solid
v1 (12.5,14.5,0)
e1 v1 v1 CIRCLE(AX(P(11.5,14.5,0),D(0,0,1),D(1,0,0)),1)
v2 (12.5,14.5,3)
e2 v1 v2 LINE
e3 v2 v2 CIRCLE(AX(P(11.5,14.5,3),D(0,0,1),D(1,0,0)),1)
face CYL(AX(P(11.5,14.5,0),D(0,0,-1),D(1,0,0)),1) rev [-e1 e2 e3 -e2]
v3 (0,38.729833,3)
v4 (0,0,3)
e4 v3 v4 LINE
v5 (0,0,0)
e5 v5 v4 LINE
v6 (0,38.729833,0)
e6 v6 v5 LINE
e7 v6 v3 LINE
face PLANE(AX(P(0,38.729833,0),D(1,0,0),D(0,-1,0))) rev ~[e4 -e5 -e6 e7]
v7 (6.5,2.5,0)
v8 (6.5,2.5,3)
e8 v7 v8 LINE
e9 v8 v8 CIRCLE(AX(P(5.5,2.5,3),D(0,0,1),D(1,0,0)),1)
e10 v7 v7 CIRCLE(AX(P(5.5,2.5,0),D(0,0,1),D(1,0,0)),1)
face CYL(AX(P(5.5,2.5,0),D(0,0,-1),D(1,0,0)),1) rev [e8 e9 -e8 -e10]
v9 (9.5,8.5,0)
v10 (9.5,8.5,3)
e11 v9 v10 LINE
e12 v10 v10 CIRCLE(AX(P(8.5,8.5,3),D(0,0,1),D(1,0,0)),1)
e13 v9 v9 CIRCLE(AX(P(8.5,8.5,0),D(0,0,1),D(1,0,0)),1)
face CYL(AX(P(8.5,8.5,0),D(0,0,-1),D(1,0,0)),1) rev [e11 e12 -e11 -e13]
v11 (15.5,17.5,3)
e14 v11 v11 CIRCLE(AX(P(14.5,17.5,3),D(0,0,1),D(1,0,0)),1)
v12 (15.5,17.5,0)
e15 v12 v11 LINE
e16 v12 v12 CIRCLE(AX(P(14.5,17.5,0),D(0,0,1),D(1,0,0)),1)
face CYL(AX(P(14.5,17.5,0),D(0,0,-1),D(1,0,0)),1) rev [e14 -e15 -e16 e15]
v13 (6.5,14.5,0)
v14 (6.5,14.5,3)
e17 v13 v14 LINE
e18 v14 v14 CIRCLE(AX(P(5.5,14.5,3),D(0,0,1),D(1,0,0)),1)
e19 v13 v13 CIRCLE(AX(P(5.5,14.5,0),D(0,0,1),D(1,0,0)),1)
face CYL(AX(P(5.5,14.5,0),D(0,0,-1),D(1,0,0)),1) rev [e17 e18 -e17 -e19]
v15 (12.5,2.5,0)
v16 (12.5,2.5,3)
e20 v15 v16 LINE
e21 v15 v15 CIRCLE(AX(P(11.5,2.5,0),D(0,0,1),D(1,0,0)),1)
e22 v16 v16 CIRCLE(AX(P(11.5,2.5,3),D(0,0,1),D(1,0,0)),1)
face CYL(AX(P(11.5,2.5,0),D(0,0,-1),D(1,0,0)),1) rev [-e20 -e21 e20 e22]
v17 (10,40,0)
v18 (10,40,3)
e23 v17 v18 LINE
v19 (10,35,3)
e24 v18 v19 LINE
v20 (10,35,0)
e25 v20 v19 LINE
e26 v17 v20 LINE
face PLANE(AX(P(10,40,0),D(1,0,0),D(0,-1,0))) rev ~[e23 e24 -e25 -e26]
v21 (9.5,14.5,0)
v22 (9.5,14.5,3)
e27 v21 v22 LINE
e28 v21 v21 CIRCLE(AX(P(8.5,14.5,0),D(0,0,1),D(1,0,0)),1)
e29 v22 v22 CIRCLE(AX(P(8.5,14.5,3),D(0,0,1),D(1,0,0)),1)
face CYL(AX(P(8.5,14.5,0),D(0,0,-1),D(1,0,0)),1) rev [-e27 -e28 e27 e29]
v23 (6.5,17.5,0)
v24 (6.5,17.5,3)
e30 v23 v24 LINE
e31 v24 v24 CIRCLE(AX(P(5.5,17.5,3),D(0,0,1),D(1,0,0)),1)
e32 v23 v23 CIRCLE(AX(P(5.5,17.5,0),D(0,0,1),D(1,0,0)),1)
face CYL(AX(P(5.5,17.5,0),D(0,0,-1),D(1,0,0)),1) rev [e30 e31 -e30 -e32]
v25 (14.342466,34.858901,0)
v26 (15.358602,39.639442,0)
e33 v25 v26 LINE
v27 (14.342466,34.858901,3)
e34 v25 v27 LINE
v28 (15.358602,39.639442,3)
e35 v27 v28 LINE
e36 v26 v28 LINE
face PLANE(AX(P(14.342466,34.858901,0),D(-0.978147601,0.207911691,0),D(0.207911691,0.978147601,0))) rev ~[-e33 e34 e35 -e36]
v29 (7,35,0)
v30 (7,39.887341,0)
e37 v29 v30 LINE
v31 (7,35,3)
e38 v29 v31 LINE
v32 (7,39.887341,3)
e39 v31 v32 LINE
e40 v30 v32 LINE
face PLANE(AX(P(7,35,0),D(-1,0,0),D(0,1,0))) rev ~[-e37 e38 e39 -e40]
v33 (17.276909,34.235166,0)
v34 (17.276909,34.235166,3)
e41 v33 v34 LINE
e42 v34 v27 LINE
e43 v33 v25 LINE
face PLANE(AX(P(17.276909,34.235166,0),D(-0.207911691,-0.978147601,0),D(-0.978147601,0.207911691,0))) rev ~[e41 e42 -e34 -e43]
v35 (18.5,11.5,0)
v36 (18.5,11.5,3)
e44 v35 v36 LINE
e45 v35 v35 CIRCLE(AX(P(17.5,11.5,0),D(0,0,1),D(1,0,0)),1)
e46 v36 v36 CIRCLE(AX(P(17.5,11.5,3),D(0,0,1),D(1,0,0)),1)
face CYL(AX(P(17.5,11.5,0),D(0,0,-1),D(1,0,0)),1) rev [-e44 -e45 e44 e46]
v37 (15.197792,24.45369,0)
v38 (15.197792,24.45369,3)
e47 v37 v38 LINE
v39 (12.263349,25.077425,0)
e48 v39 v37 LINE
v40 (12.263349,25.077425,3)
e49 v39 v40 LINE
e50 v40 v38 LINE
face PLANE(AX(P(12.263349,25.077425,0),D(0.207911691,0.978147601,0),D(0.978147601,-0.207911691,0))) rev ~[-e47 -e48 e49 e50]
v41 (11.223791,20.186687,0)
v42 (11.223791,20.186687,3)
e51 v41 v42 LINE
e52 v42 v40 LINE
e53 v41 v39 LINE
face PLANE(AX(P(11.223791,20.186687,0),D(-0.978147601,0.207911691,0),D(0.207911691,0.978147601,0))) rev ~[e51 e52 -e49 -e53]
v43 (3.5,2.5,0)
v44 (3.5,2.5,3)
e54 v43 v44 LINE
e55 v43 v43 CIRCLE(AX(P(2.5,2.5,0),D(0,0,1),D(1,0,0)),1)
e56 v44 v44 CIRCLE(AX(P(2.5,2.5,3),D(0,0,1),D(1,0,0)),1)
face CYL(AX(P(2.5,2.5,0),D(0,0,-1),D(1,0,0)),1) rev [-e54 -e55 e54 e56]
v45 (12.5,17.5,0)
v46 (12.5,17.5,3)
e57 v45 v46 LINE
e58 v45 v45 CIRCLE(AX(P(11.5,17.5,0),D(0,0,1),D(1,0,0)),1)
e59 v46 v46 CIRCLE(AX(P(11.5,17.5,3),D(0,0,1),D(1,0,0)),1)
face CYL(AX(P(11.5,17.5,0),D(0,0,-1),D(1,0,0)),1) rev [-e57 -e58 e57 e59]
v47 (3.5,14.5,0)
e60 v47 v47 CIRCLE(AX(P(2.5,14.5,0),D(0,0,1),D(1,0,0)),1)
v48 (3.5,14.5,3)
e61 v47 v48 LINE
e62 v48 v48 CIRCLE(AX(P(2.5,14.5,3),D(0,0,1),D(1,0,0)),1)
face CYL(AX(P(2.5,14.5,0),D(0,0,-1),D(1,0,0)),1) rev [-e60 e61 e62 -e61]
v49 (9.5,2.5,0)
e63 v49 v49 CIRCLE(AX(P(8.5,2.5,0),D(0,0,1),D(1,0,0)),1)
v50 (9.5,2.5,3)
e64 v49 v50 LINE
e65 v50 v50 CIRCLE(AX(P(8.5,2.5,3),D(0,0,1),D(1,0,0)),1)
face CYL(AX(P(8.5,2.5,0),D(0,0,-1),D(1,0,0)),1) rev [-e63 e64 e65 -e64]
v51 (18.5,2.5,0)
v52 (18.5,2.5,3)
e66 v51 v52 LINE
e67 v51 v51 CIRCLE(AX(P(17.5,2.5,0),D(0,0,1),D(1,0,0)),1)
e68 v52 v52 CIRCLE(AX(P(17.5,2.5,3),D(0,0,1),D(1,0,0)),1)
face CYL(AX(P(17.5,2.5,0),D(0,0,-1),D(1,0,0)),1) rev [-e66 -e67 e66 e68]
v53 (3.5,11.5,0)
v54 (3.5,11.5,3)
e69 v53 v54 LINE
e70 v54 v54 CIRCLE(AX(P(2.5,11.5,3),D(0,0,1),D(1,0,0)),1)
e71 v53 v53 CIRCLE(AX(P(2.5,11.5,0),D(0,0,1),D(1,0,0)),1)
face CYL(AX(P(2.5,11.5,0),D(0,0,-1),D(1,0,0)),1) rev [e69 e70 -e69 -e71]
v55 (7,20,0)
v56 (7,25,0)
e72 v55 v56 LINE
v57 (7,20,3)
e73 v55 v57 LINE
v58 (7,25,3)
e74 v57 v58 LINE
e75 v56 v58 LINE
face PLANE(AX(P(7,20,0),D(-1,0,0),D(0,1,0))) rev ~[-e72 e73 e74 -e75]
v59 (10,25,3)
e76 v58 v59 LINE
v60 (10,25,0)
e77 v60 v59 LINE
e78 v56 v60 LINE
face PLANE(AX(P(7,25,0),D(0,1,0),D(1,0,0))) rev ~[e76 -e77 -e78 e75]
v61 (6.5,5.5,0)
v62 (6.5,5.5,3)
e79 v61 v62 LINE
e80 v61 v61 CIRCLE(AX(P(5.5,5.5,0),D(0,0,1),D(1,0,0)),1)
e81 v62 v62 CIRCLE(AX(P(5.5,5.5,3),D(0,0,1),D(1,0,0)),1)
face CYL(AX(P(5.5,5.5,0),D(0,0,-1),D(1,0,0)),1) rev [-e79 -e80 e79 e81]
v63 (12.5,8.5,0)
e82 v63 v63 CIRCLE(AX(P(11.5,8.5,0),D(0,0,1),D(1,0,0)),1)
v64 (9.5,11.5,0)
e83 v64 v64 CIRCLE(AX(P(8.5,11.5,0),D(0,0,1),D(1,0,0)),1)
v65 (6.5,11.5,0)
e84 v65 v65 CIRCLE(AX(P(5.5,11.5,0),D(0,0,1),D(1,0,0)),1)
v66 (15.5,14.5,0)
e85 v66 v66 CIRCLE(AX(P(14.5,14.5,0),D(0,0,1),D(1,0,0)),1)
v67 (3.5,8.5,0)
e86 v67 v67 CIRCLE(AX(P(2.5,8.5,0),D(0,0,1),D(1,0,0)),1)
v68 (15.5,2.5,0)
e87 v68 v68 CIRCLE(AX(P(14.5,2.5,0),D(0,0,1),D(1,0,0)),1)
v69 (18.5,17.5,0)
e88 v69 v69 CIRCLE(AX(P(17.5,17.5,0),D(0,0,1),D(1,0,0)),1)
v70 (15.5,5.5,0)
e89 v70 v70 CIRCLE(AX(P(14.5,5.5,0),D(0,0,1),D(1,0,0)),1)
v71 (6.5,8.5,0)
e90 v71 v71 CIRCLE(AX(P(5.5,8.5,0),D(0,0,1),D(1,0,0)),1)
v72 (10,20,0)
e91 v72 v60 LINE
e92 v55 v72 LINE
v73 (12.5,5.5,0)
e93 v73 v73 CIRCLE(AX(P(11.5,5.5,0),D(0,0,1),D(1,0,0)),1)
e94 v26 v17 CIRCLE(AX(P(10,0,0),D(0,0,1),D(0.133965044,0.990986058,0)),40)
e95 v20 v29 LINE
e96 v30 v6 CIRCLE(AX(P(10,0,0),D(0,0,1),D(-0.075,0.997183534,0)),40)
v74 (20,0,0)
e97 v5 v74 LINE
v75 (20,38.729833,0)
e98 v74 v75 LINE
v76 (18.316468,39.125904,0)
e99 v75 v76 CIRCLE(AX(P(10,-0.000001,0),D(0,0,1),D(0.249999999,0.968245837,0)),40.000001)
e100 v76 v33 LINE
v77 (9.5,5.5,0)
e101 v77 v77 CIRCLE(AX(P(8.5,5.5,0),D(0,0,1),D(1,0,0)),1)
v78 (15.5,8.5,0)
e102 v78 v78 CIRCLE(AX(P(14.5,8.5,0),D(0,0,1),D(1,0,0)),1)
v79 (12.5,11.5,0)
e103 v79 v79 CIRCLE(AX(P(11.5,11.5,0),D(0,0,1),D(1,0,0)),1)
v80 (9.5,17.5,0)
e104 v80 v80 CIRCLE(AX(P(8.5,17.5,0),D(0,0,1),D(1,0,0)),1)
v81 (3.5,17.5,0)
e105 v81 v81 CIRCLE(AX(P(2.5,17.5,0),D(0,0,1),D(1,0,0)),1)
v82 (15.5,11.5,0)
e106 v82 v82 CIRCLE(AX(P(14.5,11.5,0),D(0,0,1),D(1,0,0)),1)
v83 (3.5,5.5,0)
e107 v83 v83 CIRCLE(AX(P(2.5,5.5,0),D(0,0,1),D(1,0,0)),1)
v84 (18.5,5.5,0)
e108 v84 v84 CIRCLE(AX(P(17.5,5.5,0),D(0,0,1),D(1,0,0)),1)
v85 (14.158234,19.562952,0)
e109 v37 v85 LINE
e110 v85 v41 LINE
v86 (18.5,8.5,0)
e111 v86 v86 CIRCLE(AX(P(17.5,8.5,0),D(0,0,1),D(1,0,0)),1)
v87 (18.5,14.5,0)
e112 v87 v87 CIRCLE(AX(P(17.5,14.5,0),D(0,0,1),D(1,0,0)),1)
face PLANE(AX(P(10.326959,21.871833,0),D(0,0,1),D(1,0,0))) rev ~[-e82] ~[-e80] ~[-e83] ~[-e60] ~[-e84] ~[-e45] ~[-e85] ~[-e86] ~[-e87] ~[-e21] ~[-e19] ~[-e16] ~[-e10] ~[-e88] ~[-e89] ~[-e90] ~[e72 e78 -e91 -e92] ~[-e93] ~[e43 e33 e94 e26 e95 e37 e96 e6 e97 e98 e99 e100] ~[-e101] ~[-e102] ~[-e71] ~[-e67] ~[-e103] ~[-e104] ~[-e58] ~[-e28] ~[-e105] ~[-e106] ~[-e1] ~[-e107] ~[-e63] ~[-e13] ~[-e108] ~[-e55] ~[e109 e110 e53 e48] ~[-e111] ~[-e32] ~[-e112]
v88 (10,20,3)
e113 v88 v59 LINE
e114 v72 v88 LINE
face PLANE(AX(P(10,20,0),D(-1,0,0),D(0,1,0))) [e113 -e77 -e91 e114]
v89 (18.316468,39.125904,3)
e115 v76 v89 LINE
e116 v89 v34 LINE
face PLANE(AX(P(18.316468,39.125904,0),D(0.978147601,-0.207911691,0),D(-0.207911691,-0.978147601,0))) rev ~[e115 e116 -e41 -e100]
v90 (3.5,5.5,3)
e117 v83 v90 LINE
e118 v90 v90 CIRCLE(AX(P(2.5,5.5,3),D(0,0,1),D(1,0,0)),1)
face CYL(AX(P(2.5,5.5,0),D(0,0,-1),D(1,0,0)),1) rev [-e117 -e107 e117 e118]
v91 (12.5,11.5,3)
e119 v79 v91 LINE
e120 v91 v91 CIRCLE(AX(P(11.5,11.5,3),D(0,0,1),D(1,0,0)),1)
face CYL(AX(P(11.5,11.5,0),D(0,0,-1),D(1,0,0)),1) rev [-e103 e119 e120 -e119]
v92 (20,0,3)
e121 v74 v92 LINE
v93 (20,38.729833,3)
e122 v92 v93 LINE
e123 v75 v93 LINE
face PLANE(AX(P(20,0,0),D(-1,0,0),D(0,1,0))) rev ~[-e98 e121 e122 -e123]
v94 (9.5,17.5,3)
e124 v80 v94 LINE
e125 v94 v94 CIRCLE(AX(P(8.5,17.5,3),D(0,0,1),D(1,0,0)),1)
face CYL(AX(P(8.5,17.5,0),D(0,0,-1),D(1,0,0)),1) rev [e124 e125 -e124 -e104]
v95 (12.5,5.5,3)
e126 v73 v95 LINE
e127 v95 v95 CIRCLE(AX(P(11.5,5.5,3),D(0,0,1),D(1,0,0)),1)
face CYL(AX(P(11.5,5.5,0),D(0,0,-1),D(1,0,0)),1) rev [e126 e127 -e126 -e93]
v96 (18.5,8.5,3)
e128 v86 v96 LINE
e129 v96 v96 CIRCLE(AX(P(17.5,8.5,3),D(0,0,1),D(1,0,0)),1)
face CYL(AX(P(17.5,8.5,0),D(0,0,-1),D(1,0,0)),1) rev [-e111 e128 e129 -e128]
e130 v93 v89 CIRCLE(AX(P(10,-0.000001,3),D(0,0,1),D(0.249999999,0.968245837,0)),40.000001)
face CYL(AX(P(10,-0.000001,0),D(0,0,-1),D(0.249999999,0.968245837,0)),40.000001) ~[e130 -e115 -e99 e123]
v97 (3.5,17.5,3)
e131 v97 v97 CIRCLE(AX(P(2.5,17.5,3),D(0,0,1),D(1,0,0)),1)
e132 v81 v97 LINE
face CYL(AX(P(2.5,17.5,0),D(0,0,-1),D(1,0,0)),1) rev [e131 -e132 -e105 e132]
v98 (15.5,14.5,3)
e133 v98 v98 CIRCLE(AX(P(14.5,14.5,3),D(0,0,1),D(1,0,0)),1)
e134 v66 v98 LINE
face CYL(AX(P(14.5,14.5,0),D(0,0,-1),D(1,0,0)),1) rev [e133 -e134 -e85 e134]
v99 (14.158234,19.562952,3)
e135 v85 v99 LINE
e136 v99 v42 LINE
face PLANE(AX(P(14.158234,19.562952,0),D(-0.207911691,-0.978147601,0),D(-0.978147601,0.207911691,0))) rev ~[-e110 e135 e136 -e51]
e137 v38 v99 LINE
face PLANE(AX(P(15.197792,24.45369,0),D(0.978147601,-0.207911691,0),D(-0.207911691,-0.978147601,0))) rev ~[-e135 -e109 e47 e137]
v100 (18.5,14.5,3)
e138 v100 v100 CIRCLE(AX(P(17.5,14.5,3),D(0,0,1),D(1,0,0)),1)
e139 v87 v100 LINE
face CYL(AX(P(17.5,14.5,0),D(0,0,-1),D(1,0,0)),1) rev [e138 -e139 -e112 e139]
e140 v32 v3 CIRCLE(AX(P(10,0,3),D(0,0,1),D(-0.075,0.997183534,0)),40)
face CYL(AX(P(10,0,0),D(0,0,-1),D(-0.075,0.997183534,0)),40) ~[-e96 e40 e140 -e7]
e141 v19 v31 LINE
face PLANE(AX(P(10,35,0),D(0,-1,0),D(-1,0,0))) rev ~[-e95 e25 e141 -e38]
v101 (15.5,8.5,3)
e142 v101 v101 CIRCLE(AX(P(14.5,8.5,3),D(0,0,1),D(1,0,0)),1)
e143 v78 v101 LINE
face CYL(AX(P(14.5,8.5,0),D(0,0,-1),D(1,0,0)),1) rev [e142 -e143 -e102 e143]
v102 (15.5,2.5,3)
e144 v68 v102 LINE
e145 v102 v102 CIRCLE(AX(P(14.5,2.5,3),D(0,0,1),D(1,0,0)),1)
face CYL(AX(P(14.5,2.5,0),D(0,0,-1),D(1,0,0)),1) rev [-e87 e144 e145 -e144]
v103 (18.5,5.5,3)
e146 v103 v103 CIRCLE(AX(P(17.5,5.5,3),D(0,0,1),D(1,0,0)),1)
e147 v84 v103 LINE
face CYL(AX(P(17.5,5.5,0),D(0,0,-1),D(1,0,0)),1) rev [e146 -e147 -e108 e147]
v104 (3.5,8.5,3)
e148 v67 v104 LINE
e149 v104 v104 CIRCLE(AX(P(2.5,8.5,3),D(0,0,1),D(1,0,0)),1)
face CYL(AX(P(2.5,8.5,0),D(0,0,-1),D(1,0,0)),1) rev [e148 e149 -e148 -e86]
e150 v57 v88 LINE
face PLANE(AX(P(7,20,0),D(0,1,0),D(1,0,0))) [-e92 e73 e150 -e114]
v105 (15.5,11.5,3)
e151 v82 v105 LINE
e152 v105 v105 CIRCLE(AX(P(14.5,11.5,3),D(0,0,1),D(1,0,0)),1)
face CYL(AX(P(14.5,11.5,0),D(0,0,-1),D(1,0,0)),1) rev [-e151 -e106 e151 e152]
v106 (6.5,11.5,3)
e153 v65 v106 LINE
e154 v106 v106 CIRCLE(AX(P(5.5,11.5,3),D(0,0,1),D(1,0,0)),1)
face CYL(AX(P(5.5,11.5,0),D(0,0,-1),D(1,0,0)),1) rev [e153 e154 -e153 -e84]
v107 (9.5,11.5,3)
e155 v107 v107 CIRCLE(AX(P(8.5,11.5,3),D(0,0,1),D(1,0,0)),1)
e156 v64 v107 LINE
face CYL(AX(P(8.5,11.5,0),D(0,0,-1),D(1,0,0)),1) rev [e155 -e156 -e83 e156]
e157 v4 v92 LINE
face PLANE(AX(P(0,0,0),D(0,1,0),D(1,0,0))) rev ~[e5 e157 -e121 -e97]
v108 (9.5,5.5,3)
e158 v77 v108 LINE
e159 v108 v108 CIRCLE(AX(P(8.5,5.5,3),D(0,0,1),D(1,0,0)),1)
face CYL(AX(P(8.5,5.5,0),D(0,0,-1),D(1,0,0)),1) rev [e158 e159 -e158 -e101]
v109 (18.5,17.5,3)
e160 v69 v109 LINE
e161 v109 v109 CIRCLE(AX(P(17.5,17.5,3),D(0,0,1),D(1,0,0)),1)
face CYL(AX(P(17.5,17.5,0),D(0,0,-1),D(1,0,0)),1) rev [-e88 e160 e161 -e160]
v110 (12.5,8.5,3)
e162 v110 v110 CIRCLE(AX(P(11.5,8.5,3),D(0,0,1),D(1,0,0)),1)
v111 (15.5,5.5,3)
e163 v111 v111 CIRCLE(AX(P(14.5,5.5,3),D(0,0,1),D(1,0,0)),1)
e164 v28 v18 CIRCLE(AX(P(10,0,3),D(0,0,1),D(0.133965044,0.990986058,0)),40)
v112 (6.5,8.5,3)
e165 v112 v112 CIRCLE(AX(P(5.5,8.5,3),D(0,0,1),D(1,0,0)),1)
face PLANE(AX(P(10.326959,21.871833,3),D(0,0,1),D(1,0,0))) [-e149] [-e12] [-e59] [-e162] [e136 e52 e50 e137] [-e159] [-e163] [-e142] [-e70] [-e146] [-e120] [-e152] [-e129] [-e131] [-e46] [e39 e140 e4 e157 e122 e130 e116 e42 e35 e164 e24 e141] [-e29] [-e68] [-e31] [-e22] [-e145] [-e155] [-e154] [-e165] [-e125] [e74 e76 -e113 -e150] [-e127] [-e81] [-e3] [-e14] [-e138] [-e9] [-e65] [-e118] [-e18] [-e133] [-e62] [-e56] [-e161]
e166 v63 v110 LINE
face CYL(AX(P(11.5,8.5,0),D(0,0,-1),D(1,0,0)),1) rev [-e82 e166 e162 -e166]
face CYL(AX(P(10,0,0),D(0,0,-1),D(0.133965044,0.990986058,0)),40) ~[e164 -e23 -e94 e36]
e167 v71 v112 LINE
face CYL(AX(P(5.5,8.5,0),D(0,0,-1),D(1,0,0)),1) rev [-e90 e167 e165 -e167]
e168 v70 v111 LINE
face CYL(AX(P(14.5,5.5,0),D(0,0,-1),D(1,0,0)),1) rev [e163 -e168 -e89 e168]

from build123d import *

# Parameters (mm, degrees)
SKETCH1_R           = 1
SKETCH1_W           = 3
SKETCH1_H           = 5
BOSS_EXTRUDE1_DEPTH = 3


with BuildPart() as part:
    # Sketch1 → Boss-Extrude1 (new body)
    with BuildSketch(Plane.XY):
        with BuildLine():
            ThreePointArc((20, 38.729833462), (19.160374698, 38.936968749), (18.316467633, 39.125904029))
            Line((18.316467633, 39.125904029), (17.276909179, 34.235166026))
            Line((17.276909179, 34.235166026), (14.342466376, 34.858901098))
            Line((14.342466376, 34.858901098), (15.35860178, 39.639442314))
            ThreePointArc((15.35860178, 39.639442314), (12.685359142, 39.909758785), (10, 40))
            Line((10, 40), (10, 35))
            Line((10, 35), (7, 35))
            Line((7, 35), (7, 39.88734135))
            ThreePointArc((7, 39.88734135), (3.47428501, 39.464098164), (0, 38.729833462))
            Line((0, 38.729833462), (0, 0))
            Line((0, 0), (20, 0))
            Line((20, 0), (20, 38.729833462))
        make_face()
        with Locations((2.5, 2.5)):
            Circle(SKETCH1_R, mode=Mode.SUBTRACT)
        with Locations((2.5, 5.5)):
            Circle(SKETCH1_R, mode=Mode.SUBTRACT)
        with Locations((2.5, 8.5)):
            Circle(SKETCH1_R, mode=Mode.SUBTRACT)
        with Locations((5.5, 2.5)):
            Circle(SKETCH1_R, mode=Mode.SUBTRACT)
        with Locations((8.5, 2.5)):
            Circle(SKETCH1_R, mode=Mode.SUBTRACT)
        with Locations((5.5, 5.5)):
            Circle(SKETCH1_R, mode=Mode.SUBTRACT)
        with Locations((5.5, 8.5)):
            Circle(SKETCH1_R, mode=Mode.SUBTRACT)
        with Locations((8.5, 5.5)):
            Circle(SKETCH1_R, mode=Mode.SUBTRACT)
        with Locations((8.5, 8.5)):
            Circle(SKETCH1_R, mode=Mode.SUBTRACT)
        with Locations((2.5, 11.5)):
            Circle(SKETCH1_R, mode=Mode.SUBTRACT)
        with Locations((2.5, 14.5)):
            Circle(SKETCH1_R, mode=Mode.SUBTRACT)
        with Locations((2.5, 17.5)):
            Circle(SKETCH1_R, mode=Mode.SUBTRACT)
        with Locations((5.5, 11.5)):
            Circle(SKETCH1_R, mode=Mode.SUBTRACT)
        with Locations((5.5, 14.5)):
            Circle(SKETCH1_R, mode=Mode.SUBTRACT)
        with Locations((8.5, 11.5)):
            Circle(SKETCH1_R, mode=Mode.SUBTRACT)
        with Locations((8.5, 14.5)):
            Circle(SKETCH1_R, mode=Mode.SUBTRACT)
        with Locations((5.5, 17.5)):
            Circle(SKETCH1_R, mode=Mode.SUBTRACT)
        with Locations((8.5, 17.5)):
            Circle(SKETCH1_R, mode=Mode.SUBTRACT)
        with Locations((11.5, 2.5)):
            Circle(SKETCH1_R, mode=Mode.SUBTRACT)
        with Locations((14.5, 2.5)):
            Circle(SKETCH1_R, mode=Mode.SUBTRACT)
        with Locations((11.5, 5.5)):
            Circle(SKETCH1_R, mode=Mode.SUBTRACT)
        with Locations((11.5, 8.5)):
            Circle(SKETCH1_R, mode=Mode.SUBTRACT)
        with Locations((14.5, 5.5)):
            Circle(SKETCH1_R, mode=Mode.SUBTRACT)
        with Locations((14.5, 8.5)):
            Circle(SKETCH1_R, mode=Mode.SUBTRACT)
        with Locations((17.5, 2.5)):
            Circle(SKETCH1_R, mode=Mode.SUBTRACT)
        with Locations((17.5, 5.5)):
            Circle(SKETCH1_R, mode=Mode.SUBTRACT)
        with Locations((17.5, 8.5)):
            Circle(SKETCH1_R, mode=Mode.SUBTRACT)
        with Locations((11.5, 11.5)):
            Circle(SKETCH1_R, mode=Mode.SUBTRACT)
        with Locations((11.5, 14.5)):
            Circle(SKETCH1_R, mode=Mode.SUBTRACT)
        with Locations((14.5, 11.5)):
            Circle(SKETCH1_R, mode=Mode.SUBTRACT)
        with Locations((14.5, 14.5)):
            Circle(SKETCH1_R, mode=Mode.SUBTRACT)
        with Locations((11.5, 17.5)):
            Circle(SKETCH1_R, mode=Mode.SUBTRACT)
        with Locations((14.5, 17.5)):
            Circle(SKETCH1_R, mode=Mode.SUBTRACT)
        with Locations((17.5, 11.5)):
            Circle(SKETCH1_R, mode=Mode.SUBTRACT)
        with Locations((17.5, 14.5)):
            Circle(SKETCH1_R, mode=Mode.SUBTRACT)
        with Locations((17.5, 17.5)):
            Circle(SKETCH1_R, mode=Mode.SUBTRACT)
        with Locations((8.5, 22.5)):
            Rectangle(SKETCH1_W, SKETCH1_H, mode=Mode.SUBTRACT)
        Polygon((15.19779227, 24.453690018), (14.158233816, 19.562952015), (11.223791014, 20.186687087), (12.263349468, 25.077425091), align=None, mode=Mode.SUBTRACT)
    extrude(amount=BOSS_EXTRUDE1_DEPTH)


solid = part.part
